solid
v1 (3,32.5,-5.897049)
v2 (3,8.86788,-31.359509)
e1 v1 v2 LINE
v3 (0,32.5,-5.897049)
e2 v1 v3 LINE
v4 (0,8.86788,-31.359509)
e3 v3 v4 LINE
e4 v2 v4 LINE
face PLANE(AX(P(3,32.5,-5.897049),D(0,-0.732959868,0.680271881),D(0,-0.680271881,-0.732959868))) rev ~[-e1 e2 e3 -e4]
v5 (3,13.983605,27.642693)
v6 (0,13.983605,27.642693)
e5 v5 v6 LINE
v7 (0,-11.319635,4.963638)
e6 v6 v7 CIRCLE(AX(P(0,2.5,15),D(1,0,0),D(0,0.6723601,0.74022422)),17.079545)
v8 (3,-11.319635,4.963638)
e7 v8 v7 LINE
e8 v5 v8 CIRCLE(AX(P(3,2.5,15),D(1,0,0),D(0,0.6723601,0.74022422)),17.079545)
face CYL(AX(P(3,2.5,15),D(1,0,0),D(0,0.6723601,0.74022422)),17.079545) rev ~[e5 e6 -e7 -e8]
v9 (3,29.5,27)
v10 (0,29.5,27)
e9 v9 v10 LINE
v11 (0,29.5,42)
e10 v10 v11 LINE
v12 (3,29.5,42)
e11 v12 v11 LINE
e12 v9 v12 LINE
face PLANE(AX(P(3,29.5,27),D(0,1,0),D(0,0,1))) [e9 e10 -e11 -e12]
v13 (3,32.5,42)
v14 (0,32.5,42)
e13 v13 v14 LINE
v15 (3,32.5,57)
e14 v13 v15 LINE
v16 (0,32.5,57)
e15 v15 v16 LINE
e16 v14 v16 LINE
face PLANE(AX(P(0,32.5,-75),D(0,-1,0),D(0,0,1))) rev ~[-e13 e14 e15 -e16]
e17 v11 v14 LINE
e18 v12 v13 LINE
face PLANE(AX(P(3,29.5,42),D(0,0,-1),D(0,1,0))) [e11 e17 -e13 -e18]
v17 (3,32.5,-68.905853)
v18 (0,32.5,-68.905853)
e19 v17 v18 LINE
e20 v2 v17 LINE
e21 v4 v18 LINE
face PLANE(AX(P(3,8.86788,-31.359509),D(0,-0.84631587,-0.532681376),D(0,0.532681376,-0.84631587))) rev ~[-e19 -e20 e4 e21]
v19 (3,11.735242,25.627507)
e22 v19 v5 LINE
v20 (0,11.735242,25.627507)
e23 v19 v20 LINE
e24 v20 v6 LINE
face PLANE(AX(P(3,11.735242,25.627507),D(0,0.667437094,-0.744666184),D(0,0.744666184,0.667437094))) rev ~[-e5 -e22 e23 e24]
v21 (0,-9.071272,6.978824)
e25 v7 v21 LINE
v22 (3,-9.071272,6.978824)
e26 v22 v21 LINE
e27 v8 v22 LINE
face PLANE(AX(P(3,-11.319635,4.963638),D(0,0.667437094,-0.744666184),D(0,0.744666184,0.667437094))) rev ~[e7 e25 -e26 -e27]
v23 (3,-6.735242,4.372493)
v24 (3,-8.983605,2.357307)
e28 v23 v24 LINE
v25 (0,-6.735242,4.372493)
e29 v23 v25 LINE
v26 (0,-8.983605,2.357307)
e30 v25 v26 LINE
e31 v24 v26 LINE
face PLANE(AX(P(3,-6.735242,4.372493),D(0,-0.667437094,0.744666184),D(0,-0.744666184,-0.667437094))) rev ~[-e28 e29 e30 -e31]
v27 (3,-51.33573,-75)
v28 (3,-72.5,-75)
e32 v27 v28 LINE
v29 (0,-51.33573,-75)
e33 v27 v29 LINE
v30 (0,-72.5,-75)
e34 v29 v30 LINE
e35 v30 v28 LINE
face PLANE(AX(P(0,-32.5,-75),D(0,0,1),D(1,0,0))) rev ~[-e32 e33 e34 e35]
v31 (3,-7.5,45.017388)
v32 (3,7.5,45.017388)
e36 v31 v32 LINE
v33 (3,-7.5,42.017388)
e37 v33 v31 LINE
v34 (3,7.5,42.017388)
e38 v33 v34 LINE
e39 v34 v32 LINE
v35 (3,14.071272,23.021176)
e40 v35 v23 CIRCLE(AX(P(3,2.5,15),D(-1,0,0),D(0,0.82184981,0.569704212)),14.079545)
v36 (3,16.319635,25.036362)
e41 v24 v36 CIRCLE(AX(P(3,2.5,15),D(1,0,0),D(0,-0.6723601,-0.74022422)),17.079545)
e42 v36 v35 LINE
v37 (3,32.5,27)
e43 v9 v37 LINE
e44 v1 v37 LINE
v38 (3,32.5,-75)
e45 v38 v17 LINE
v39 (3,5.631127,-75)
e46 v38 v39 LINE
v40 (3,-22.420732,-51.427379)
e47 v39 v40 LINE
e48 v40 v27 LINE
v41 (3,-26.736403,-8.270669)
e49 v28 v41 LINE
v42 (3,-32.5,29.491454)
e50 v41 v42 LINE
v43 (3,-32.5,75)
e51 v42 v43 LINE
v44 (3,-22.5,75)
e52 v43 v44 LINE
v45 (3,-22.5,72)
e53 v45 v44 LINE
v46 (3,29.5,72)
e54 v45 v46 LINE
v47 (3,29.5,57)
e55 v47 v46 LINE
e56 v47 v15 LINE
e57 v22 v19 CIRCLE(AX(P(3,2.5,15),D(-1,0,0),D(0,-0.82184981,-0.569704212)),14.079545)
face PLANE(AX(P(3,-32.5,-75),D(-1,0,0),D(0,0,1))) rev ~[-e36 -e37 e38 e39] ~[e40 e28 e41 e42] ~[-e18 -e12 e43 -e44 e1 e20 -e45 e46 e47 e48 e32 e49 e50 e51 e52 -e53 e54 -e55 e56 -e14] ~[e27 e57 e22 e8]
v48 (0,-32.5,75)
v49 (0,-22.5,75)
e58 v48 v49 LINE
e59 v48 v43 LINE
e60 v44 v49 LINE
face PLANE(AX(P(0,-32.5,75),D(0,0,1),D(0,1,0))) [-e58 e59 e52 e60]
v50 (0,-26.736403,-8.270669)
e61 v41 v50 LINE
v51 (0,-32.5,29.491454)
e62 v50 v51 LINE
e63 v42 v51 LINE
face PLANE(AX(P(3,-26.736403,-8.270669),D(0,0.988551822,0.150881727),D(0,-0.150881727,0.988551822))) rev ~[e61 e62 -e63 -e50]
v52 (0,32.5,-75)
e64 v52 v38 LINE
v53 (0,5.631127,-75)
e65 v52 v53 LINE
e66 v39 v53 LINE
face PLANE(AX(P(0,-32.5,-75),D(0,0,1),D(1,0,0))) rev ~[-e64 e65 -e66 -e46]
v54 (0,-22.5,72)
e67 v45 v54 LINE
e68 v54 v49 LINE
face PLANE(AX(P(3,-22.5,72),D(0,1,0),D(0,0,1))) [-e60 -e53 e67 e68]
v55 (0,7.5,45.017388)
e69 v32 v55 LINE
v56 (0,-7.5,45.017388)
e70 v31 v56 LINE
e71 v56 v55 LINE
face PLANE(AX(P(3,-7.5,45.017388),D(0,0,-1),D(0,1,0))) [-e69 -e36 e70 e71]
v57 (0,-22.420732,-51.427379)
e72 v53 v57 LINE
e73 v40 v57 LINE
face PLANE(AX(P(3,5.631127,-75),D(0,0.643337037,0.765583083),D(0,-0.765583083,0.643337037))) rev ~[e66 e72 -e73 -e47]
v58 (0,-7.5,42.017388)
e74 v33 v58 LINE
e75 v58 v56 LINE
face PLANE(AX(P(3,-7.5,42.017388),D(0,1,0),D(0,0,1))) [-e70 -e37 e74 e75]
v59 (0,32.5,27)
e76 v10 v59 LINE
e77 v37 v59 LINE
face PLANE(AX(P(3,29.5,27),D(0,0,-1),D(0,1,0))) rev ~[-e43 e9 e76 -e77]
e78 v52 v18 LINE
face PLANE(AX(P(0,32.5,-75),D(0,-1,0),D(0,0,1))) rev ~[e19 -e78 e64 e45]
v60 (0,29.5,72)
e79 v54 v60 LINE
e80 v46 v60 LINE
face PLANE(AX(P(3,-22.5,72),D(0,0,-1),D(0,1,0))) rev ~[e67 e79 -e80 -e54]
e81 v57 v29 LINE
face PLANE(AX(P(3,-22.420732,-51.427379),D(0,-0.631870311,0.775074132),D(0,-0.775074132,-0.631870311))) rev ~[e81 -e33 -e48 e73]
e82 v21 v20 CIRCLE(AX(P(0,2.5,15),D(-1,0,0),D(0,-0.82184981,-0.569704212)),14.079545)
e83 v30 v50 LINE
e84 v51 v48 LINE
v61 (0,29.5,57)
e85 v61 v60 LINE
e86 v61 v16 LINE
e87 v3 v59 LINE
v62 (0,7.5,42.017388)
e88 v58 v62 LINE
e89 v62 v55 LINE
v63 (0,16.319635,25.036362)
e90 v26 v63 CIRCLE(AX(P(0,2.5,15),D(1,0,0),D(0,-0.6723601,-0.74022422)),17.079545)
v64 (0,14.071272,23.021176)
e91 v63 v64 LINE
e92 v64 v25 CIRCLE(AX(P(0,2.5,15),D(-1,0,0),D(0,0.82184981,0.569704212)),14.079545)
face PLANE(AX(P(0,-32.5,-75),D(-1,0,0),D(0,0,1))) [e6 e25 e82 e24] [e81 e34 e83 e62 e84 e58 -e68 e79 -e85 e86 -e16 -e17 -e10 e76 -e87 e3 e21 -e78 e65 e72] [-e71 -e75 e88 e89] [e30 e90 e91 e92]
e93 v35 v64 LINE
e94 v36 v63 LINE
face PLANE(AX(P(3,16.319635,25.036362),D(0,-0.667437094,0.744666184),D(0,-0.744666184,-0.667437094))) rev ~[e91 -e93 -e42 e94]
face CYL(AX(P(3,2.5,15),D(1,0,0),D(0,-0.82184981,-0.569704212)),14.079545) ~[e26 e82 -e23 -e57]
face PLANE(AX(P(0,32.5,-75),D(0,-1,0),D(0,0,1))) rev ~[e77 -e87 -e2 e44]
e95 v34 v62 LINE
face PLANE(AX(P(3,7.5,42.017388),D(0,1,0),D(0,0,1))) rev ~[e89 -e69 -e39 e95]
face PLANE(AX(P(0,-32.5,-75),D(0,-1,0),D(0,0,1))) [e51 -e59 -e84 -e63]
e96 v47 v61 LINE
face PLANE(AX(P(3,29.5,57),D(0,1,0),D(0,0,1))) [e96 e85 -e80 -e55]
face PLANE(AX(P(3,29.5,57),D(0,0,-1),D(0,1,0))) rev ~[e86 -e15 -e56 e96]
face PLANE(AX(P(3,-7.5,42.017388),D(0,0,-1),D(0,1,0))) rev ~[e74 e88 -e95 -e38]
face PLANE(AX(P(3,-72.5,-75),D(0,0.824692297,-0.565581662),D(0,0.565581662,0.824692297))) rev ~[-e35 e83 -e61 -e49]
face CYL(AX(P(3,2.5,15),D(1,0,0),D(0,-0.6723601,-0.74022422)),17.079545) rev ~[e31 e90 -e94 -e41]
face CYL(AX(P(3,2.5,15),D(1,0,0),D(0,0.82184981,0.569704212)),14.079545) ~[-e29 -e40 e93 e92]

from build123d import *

# Parameters (mm, degrees)
F0_W     = 65
F0_H     = 150
F1_DEPTH = 3
F2_W     = 55
F2_H     = 3
F3_DEPTH = 3
F4_W     = 3
F4_H     = 15
F5_DEPTH = 3
F6_W     = 3
F6_H     = 75
F7_DEPTH = 40
F8_W     = 15
F8_H     = 3
F9_DEPTH = 3


with BuildPart() as f1:
    # F0 (on Right) → F1 (new body)
    with BuildSketch(Plane.YZ):
        Rectangle(F0_W, F0_H)
    extrude(amount=F1_DEPTH)

    # F2 (on face) → F3 (cut, through all)
    with BuildSketch(Plane.YZ.offset(3)):
        with Locations((5, 73.5)):
            Rectangle(F2_W, F2_H)
    extrude(amount=-F3_DEPTH, mode=Mode.SUBTRACT)

    # F4 (on face) → F5 (cut, through all)
    with BuildSketch(Plane.YZ.offset(3)):
        with Locations((31, 64.5)):
            Rectangle(F4_W, F4_H)
        with Locations((31, 34.5)):
            Rectangle(F4_W, F4_H)
    extrude(amount=-F5_DEPTH, mode=Mode.SUBTRACT)

    # F6 (on face) → F7 (join)
    with BuildSketch(Plane.XZ.offset(32.5)):
        with Locations((1.5, -37.5)):
            Rectangle(F6_W, F6_H)
    extrude(amount=F7_DEPTH)

    # F8 (on face) → F9 (cut, through all)
    with BuildSketch(Plane.YZ.offset(3)):
        with BuildLine():
            Line((-6.735242, 4.372493), (-8.983605, 2.357307))
            ThreePointArc((-8.983605, 2.357307), (13.899524, 2.281442), (16.319635, 25.036362))
            Line((16.319635, 25.036362), (14.071272, 23.021176))
            ThreePointArc((14.071272, 23.021176), (11.897213, 4.51544), (-6.735242, 4.372493))
        make_face()
        with BuildLine():
            ThreePointArc((13.983605, 27.642693), (-8.899524, 27.718558), (-11.319635, 4.963638))
            Line((-11.319635, 4.963638), (-9.071272, 6.978824))
            ThreePointArc((-9.071272, 6.978824), (-6.897213, 25.48456), (11.735242, 25.627507))
            Line((11.735242, 25.627507), (13.983605, 27.642693))
        make_face()
        Polygon((-26.736403, -8.270669), (-32.5, 29.491454), (-32.5, 0), (-72.5, 0), (-72.5, -75), align=None)
        Polygon((-22.420732, -51.427379), (-51.33573, -75), (5.631127, -75), align=None)
        Polygon((8.86788, -31.359509), (32.5, -68.905853), (32.5, -5.897049), align=None)
        with Locations((0, 43.517388)):
            Rectangle(F8_W, F8_H)
    extrude(amount=-F9_DEPTH, mode=Mode.SUBTRACT)


solid = f1.part
